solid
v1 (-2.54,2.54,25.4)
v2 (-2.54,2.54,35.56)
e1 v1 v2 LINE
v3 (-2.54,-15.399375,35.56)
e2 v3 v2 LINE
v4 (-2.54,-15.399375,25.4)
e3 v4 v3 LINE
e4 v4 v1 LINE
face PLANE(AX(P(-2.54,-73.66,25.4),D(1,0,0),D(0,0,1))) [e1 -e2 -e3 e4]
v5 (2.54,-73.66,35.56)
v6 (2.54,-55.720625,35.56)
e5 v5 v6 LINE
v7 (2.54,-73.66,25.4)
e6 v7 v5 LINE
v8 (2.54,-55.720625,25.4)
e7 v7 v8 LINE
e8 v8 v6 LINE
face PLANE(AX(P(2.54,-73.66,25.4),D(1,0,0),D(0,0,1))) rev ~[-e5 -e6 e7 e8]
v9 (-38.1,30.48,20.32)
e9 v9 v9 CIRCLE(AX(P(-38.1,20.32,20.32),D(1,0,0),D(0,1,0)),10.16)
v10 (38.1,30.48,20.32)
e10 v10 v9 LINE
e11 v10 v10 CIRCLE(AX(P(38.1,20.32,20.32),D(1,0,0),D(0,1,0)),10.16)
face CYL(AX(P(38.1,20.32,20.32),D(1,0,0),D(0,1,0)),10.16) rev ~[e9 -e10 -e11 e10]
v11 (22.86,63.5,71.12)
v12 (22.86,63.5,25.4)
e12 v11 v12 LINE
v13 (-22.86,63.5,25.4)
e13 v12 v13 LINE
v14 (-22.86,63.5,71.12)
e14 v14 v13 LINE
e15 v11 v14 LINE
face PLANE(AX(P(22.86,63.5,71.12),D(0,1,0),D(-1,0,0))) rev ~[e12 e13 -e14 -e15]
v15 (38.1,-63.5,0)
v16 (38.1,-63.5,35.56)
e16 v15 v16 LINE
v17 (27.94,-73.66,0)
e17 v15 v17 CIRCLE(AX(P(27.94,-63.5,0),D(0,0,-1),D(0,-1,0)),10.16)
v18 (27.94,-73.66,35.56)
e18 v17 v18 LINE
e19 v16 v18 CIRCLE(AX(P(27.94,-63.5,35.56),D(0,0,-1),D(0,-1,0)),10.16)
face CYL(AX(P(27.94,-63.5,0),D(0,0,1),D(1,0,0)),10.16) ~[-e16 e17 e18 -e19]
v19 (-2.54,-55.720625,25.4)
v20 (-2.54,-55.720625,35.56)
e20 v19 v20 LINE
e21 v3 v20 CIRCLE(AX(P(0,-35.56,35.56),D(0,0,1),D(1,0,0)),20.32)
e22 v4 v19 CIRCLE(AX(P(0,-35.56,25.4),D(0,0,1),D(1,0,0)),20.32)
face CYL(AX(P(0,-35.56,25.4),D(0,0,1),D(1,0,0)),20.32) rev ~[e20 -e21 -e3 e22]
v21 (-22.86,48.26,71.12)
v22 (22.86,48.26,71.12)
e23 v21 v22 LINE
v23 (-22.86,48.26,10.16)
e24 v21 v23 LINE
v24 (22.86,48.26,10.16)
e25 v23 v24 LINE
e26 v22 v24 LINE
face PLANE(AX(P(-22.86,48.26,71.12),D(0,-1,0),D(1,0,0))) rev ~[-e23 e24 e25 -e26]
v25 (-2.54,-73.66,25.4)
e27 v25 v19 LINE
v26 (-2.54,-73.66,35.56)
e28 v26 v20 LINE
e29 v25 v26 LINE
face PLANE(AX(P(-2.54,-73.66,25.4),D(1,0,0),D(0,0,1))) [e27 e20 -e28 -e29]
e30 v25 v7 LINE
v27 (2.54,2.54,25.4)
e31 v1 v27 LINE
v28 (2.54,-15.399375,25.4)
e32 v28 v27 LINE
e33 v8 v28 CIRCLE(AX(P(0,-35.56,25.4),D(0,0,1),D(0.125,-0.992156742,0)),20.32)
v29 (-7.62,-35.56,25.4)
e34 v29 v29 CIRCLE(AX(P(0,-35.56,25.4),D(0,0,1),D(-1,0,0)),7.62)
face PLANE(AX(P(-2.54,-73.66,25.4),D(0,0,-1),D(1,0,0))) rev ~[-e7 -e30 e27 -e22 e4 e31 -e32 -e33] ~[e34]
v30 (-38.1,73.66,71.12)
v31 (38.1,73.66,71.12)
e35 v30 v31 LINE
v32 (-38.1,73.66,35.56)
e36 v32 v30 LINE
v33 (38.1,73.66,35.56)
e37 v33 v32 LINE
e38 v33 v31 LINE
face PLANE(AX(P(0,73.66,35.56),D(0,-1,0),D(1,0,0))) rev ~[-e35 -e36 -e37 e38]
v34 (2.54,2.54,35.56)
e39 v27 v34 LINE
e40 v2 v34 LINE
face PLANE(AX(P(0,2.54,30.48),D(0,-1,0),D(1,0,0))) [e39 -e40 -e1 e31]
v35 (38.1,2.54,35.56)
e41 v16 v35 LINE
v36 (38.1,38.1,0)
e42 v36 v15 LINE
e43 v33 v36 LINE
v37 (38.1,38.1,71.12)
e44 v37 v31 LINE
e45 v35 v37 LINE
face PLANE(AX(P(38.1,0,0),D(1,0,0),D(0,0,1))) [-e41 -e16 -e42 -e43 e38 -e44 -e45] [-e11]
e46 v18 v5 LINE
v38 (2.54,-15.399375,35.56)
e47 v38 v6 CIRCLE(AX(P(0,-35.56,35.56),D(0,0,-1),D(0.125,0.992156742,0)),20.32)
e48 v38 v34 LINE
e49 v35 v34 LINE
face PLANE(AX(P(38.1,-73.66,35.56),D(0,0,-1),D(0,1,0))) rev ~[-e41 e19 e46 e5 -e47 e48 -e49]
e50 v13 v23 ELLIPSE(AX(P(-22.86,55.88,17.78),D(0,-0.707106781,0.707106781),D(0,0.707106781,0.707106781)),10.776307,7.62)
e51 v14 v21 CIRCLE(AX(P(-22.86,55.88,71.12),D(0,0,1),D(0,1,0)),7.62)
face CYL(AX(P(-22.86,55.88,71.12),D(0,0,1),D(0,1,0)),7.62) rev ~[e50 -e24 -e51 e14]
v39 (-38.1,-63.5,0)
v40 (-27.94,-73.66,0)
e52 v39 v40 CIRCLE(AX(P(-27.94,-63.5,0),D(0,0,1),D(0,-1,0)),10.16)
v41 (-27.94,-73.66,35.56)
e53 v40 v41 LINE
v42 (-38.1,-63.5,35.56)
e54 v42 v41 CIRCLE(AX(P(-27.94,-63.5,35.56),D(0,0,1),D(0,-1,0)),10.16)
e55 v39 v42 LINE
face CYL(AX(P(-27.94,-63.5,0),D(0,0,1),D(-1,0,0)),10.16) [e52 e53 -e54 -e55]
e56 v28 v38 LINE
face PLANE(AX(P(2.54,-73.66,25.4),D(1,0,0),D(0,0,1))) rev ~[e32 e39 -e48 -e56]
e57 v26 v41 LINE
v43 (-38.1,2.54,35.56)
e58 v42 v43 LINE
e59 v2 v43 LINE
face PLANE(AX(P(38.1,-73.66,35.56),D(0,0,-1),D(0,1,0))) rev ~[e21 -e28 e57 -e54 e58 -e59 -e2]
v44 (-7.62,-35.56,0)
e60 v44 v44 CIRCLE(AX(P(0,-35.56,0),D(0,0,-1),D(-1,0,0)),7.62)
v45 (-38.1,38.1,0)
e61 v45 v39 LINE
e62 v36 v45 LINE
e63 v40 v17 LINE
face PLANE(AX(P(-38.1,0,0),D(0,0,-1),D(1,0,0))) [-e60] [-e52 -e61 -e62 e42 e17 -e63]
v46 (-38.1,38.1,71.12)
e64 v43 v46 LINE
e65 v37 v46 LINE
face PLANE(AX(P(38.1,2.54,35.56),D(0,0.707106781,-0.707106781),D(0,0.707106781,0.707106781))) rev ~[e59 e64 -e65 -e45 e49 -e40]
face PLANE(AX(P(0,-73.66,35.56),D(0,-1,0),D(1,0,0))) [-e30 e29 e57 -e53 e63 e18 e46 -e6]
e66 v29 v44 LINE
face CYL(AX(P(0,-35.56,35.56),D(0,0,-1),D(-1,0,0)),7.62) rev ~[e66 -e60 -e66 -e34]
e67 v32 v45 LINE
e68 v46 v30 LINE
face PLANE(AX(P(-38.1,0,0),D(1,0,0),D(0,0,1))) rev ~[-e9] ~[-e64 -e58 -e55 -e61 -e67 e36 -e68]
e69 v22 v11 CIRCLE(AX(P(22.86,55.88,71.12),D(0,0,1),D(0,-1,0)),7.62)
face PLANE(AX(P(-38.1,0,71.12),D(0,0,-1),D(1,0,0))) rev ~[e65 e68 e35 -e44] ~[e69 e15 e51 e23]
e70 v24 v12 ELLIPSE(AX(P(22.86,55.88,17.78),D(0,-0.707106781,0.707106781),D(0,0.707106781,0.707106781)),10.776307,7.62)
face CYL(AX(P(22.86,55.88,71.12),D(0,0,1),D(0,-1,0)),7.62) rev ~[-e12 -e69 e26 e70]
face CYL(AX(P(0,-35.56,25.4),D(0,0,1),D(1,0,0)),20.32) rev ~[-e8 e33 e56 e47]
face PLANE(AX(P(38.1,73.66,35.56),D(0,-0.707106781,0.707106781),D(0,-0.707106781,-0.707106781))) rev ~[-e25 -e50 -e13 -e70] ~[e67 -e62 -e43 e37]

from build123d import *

# Parameters (mm, degrees)
F0_W           = 76.2
F0_H           = 71.12
F1_DEPTH       = 73.66
F3_DEPTH       = 76.201
F4_R           = 10.16
F5_DEPTH       = 76.201
F7_DEPTH       = 71.121
F9_D           = 15.24
F9_CBORE_D     = 40.64
F9_CBORE_DEPTH = 10.16
F10_W          = 5.08
F10_H          = 10.16
F11_DEPTH      = 76.2
F12_R          = 10.16


with BuildPart() as f1:
    # F0 (on Front) → F1 (new body, symmetric)
    with BuildSketch(Plane.XZ):
        with Locations((0, 35.56)):
            Rectangle(F0_W, F0_H)
    extrude(amount=F1_DEPTH, both=True)

    # F2 (on face) → F3 (cut, through all)
    with BuildSketch(Plane.YZ.offset(38.1)):
        Polygon((38.1, 71.12), (-73.66, 71.12), (-73.66, 35.56), (2.54, 35.56), align=None)
        Polygon((38.1, 0), (73.66, 0), (73.66, 35.56), align=None)
    extrude(amount=-F3_DEPTH, mode=Mode.SUBTRACT)

    # F4 (on face) → F5 (cut, through all)
    with BuildSketch(Plane.YZ.offset(38.1)):
        with Locations((20.32, 20.32)):
            Circle(F4_R)
    extrude(amount=-F5_DEPTH, mode=Mode.SUBTRACT)

    # F6 (on face) → F7 (cut, through all)
    with BuildSketch(Plane.XY.offset(71.12)):
        with BuildLine():
            Line((22.86, 63.5), (-22.86, 63.5))
            ThreePointArc((-22.86, 63.5), (-30.48, 55.88), (-22.86, 48.26))
            Line((-22.86, 48.26), (22.86, 48.26))
            ThreePointArc((22.86, 48.26), (30.48, 55.88), (22.86, 63.5))
        make_face()
    extrude(amount=-F7_DEPTH, mode=Mode.SUBTRACT)

    # F9 (through all)
    with Locations(Plane.XY.offset(35.56)):
        with Locations((0, -35.56)):
            CounterBoreHole(F9_D / 2, F9_CBORE_D / 2, F9_CBORE_DEPTH)

    # F10 (on face) → F11 (cut)
    with BuildSketch(Plane.XZ.offset(73.66)):
        with Locations((0, 30.48)):
            Rectangle(F10_W, F10_H)
    extrude(amount=-F11_DEPTH, mode=Mode.SUBTRACT)

    # F12
    f12_edges = [f1.edges().sort_by_distance(p)[0] for p in [
        (38.1, -73.66, 17.78),
        (-38.1, -73.66, 17.78),
    ]]
    fillet(f12_edges, radius=F12_R)


solid = f1.part
